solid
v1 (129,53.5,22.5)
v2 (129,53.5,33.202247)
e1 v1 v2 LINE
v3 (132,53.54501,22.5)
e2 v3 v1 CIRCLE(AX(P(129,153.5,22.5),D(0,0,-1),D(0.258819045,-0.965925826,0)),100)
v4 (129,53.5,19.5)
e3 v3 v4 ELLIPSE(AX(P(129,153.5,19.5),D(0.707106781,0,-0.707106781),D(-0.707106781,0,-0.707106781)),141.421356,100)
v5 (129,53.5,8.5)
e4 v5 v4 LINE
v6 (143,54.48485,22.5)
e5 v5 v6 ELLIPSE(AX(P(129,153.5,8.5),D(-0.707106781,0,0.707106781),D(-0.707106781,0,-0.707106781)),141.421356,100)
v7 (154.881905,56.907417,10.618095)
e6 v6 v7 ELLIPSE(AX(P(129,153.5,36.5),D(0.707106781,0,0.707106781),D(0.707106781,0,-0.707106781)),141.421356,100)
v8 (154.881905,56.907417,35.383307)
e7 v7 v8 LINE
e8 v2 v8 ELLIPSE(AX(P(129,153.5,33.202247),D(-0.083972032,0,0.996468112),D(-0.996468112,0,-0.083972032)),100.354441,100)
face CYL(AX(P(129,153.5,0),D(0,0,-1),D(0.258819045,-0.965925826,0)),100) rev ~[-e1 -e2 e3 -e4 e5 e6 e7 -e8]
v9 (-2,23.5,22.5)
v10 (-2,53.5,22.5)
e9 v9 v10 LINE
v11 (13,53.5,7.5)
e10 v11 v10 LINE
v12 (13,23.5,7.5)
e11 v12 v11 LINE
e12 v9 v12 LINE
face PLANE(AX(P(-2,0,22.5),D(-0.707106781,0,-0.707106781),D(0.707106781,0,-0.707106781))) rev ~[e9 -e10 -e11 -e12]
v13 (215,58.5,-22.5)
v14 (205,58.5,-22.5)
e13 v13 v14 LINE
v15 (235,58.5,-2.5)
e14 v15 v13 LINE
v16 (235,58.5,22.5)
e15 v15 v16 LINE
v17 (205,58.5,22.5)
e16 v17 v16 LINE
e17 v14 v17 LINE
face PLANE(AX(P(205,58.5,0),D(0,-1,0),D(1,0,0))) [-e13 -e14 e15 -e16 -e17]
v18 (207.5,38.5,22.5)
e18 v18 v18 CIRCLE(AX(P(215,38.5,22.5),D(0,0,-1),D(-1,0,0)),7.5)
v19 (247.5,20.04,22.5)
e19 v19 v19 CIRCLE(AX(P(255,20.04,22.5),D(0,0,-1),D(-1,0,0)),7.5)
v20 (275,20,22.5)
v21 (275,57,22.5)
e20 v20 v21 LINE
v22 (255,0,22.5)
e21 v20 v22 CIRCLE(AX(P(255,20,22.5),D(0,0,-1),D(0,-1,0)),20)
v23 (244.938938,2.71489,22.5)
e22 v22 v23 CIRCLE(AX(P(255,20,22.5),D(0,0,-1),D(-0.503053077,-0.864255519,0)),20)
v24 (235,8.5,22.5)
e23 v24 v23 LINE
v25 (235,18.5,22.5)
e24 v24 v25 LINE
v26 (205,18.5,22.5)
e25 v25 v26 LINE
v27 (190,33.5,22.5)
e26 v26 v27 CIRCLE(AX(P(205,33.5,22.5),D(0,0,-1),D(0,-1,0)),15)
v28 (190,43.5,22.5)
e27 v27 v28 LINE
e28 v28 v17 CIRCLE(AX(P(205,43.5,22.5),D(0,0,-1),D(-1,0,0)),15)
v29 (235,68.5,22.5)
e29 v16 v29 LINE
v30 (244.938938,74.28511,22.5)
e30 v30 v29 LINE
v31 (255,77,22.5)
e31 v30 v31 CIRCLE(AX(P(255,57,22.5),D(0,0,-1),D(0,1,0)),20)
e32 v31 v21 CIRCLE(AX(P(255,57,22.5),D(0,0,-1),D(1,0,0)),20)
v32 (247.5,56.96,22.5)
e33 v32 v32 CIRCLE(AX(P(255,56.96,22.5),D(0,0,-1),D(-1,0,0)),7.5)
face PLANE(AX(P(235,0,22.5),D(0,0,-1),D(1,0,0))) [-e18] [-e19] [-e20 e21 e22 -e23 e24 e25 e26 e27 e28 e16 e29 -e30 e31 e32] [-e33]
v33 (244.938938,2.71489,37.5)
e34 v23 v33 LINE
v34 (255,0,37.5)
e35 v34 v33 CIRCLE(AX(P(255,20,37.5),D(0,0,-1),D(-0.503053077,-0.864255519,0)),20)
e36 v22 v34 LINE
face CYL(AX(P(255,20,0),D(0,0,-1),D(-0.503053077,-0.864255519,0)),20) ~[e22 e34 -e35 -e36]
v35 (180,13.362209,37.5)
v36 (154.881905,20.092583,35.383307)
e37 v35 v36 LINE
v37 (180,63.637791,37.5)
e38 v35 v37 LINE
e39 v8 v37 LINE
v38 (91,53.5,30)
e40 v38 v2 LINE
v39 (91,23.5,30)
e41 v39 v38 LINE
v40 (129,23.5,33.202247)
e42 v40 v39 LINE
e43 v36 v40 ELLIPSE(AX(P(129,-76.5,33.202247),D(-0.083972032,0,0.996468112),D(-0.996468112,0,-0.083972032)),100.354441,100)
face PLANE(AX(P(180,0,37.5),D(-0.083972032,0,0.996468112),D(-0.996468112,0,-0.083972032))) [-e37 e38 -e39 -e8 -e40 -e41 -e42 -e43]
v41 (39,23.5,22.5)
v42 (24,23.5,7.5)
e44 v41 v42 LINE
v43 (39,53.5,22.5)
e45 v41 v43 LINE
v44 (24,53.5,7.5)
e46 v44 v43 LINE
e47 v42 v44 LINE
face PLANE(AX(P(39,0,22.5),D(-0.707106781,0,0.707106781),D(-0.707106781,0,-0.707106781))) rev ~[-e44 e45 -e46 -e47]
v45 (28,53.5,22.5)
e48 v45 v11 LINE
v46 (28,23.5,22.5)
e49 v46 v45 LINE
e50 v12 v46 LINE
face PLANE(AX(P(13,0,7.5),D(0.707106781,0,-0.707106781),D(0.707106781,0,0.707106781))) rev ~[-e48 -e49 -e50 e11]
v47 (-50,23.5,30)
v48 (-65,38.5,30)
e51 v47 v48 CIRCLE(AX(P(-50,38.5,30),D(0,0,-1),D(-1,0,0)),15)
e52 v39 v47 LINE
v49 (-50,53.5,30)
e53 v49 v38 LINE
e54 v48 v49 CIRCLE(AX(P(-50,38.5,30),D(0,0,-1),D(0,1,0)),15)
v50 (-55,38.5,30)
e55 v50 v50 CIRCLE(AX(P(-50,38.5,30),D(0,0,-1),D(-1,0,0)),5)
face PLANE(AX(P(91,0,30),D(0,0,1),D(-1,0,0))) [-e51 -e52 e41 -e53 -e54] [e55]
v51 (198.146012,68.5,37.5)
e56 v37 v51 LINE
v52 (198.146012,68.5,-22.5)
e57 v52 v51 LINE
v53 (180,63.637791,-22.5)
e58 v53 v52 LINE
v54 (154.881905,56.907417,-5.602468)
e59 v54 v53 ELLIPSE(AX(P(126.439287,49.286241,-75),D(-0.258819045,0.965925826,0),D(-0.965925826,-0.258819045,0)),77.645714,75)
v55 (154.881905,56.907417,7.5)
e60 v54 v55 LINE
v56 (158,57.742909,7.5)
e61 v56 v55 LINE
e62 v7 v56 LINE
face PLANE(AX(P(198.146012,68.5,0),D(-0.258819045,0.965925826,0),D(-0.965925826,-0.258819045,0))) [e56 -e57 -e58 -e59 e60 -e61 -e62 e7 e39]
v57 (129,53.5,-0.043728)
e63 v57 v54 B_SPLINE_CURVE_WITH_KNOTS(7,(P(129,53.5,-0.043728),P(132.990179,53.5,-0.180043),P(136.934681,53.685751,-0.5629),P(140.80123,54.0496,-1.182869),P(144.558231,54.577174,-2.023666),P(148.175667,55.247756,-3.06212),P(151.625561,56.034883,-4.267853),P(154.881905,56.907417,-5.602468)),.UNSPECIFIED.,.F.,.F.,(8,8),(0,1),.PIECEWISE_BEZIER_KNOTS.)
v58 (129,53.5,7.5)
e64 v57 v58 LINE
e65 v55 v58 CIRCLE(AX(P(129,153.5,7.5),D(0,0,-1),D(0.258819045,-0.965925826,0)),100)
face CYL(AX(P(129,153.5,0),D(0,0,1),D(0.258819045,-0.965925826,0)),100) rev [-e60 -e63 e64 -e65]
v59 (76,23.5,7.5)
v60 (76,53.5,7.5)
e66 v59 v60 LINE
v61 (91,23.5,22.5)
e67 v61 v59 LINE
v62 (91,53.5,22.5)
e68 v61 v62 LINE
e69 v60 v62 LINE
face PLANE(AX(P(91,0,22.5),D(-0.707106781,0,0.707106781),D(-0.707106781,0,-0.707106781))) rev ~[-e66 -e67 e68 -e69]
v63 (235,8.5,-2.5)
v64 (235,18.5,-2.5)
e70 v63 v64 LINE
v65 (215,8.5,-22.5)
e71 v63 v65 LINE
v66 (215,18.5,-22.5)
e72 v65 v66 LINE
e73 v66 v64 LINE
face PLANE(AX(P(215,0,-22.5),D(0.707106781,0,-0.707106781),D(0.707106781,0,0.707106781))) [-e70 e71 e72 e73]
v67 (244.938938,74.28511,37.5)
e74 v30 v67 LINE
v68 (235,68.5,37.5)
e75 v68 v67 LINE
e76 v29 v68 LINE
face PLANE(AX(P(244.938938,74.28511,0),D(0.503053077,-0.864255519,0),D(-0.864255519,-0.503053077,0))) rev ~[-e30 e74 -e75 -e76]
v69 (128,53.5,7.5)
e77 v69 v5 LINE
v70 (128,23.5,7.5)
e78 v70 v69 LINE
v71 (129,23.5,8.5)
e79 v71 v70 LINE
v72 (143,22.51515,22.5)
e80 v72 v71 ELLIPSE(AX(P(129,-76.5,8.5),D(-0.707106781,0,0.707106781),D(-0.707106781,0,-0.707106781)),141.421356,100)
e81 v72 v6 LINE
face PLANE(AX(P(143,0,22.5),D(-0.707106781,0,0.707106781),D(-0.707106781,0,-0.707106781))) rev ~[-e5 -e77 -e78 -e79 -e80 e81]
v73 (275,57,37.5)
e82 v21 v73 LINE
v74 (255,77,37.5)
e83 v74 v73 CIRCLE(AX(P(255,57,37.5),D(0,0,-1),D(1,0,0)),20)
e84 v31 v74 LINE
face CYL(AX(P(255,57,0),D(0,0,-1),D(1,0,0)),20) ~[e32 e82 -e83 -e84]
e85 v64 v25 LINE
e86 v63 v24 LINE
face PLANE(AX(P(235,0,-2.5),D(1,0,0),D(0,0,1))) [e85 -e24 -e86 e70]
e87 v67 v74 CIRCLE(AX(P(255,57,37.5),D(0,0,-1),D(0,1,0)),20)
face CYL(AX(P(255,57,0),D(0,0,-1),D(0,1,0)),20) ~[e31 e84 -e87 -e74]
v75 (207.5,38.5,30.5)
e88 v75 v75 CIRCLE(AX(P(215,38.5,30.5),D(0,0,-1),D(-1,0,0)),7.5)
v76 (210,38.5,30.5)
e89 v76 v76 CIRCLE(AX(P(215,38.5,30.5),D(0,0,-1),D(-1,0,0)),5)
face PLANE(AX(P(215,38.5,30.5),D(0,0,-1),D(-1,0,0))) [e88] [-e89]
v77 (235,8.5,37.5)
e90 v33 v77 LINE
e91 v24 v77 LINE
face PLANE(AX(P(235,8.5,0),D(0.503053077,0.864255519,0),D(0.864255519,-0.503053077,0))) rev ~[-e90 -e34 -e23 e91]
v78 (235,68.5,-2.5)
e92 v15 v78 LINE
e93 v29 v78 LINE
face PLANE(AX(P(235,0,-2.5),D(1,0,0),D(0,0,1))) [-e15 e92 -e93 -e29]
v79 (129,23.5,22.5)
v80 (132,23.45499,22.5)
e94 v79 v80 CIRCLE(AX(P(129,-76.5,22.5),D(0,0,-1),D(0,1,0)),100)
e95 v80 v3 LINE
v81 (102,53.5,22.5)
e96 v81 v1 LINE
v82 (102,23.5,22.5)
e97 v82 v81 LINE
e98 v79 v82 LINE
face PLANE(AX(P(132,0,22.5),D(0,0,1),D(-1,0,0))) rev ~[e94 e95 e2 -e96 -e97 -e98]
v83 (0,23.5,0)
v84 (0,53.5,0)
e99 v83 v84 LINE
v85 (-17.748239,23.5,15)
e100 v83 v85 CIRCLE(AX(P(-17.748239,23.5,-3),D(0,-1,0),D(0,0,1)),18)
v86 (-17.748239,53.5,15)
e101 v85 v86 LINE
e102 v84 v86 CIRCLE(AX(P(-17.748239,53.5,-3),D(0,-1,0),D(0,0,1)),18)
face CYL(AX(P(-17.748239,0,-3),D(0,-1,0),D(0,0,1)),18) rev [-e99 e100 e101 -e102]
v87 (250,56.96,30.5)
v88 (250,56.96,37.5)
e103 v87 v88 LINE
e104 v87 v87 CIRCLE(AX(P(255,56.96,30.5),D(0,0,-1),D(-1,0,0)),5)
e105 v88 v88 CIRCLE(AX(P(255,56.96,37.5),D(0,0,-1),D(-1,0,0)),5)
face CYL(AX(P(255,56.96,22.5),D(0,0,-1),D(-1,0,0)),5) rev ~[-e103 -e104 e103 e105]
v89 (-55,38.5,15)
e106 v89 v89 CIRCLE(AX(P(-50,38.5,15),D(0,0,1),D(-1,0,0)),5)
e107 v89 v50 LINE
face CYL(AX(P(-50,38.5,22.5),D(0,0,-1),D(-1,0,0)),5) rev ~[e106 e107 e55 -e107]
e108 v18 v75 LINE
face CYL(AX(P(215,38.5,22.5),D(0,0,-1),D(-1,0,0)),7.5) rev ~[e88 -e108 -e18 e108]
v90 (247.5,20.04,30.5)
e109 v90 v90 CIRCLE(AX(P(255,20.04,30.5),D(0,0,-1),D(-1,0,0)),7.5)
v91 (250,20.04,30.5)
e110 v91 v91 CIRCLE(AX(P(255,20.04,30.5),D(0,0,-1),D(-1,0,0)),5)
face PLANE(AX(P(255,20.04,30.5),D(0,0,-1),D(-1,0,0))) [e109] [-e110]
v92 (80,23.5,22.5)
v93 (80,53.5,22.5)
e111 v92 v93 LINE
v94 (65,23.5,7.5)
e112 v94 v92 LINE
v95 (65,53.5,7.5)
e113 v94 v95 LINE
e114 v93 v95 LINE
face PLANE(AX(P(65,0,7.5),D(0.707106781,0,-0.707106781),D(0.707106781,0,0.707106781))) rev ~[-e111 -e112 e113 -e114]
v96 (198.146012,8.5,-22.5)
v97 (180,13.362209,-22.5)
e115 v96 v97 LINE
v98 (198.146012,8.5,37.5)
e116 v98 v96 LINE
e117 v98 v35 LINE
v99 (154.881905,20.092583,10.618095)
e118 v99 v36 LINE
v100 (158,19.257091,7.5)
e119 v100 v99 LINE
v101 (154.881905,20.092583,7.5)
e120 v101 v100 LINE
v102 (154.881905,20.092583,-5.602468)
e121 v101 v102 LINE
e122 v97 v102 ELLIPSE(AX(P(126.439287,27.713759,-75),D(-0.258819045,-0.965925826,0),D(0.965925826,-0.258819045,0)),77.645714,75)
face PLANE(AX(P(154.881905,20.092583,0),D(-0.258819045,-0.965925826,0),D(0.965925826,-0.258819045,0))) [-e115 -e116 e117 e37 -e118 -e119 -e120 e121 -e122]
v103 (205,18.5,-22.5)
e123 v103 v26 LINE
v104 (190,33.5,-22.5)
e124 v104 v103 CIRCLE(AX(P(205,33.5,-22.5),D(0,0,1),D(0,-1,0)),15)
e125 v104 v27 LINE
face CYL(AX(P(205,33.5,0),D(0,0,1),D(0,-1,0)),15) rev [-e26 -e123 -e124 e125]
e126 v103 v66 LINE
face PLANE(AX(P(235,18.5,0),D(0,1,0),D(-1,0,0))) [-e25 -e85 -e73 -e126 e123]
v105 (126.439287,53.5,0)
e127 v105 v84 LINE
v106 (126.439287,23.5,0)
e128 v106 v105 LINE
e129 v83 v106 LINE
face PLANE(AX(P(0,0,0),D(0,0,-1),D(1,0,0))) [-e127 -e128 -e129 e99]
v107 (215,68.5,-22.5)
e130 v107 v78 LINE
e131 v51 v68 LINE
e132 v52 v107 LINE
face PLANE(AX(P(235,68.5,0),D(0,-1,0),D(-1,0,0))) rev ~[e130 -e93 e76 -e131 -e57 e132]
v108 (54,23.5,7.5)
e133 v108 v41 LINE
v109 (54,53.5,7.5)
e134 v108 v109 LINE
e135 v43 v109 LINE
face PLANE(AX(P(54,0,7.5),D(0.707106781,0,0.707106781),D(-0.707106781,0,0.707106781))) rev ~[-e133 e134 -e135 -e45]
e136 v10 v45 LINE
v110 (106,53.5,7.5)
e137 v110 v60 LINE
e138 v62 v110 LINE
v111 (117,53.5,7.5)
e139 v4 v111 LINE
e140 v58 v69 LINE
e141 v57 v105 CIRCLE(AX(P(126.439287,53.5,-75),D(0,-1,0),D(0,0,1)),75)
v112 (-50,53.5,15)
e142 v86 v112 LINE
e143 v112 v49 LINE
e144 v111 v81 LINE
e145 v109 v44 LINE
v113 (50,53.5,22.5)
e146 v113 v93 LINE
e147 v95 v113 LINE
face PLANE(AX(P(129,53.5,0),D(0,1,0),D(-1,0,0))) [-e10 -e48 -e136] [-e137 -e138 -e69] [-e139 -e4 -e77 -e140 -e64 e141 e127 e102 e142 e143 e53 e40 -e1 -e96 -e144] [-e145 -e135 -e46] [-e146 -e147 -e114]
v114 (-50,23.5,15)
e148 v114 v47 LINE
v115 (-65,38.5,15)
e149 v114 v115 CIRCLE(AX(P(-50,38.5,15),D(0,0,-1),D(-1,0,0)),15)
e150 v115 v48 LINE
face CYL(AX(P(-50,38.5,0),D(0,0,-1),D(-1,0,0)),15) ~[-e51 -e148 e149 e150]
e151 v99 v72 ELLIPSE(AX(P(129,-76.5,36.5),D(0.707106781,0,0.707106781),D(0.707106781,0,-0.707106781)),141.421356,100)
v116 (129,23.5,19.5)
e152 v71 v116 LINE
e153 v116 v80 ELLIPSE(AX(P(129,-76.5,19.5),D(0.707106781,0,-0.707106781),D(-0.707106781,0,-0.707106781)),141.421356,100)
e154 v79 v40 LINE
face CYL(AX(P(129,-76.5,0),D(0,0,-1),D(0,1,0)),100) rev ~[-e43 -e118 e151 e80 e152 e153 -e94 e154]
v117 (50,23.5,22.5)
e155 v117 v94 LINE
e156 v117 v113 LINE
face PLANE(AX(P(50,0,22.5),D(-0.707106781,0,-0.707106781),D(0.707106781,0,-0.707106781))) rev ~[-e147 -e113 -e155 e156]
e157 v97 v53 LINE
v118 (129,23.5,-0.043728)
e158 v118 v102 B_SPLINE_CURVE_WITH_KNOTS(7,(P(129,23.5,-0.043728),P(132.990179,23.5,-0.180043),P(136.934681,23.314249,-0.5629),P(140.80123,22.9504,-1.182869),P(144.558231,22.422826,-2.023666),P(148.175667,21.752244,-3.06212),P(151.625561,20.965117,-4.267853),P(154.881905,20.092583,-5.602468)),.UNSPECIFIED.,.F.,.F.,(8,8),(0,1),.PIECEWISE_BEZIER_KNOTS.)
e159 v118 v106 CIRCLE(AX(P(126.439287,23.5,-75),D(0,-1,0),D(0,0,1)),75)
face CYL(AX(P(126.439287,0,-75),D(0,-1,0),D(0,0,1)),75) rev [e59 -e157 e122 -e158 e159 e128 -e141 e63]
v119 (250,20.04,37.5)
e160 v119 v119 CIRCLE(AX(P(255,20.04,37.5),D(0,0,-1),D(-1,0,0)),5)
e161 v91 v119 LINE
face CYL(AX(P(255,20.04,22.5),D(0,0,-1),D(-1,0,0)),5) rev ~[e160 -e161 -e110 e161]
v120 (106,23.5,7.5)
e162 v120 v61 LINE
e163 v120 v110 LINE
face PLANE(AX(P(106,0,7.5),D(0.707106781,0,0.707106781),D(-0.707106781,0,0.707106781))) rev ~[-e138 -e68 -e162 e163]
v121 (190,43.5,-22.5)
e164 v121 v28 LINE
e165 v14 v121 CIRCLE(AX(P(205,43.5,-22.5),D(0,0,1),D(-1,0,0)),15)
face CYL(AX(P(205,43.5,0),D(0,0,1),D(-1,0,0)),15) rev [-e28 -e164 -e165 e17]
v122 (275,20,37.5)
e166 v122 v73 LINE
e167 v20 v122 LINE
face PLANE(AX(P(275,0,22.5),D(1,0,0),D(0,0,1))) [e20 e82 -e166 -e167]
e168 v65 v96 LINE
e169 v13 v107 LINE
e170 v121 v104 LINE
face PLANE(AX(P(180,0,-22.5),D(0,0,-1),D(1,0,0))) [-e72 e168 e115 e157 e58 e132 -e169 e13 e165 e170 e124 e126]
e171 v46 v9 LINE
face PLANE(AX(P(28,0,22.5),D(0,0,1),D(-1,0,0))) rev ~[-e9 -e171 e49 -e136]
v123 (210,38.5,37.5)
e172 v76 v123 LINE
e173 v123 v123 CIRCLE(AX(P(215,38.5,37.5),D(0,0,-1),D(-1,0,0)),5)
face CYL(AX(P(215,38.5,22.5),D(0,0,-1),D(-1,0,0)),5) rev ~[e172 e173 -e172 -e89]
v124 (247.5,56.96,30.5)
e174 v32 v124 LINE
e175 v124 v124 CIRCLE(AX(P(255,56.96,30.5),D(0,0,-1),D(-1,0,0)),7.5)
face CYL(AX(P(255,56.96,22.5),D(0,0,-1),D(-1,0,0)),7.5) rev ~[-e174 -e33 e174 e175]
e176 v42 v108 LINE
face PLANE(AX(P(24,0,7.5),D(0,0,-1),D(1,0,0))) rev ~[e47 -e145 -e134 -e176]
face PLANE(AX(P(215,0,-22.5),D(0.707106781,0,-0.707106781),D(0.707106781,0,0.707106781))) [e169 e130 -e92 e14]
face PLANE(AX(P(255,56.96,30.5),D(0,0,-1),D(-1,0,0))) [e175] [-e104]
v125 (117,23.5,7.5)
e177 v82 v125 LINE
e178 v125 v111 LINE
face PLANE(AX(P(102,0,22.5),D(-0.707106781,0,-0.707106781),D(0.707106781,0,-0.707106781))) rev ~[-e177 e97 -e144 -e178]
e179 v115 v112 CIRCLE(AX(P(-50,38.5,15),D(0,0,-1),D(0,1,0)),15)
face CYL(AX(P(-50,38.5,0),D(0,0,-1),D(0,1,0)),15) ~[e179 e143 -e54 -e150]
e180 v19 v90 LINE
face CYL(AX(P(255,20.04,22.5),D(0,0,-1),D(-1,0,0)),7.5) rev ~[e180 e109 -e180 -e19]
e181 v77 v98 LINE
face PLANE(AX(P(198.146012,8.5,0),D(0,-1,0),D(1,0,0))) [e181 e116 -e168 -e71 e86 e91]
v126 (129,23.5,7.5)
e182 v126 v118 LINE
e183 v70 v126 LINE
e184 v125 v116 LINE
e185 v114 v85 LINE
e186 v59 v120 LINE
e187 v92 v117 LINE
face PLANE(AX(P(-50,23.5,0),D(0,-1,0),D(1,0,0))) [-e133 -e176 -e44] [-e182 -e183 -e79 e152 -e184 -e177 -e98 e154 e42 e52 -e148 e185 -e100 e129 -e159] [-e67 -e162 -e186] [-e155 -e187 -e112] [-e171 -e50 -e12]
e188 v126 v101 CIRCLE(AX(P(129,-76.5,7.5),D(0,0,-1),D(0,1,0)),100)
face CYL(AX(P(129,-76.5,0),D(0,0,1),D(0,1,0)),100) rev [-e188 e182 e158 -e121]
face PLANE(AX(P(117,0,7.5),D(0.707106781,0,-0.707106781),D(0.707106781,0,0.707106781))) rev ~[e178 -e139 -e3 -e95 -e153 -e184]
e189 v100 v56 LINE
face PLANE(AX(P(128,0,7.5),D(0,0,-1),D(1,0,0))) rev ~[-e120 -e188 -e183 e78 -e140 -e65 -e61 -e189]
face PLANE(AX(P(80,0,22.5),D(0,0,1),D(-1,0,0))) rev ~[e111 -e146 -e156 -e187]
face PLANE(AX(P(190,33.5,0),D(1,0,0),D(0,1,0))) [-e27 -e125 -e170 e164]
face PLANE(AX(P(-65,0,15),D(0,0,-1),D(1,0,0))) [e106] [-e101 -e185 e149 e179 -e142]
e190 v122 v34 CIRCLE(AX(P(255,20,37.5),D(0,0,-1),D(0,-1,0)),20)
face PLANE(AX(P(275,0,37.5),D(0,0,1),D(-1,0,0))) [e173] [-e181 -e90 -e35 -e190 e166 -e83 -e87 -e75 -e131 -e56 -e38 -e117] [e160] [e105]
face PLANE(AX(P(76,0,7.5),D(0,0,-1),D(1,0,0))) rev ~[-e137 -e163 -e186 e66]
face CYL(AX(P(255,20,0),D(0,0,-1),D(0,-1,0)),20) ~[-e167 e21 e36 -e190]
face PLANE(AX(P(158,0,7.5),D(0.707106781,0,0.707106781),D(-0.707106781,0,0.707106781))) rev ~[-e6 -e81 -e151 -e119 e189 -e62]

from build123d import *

# Parameters (mm, degrees)
BOSS_EXTRUDE1_DEPTH     = 77
SKETCH2_W               = 126.439286786
SKETCH2_H               = 23.5
CUT_EXTRUDE1_DEPTH      = 23.5
CUT_EXTRUDE1_DEPTH_BACK = 38.5
CUT_EXTRUDE2_DEPTH      = 23.5000001
CUT_EXTRUDE2_DEPTH_BACK = 22.5
SKETCH3_R               = 5
CUT_EXTRUDE3_DEPTH      = 46.0000001
CUT_EXTRUDE3_DEPTH_BACK = 16
SKETCH4_R               = 7.5
SKETCH4_R_2             = 5
CUT_EXTRUDE4_DEPTH      = 8


with BuildPart() as part:
    # Sketch1 → Boss-Extrude1 (new body)
    with BuildSketch(Plane(origin=(0, 0, 0), x_dir=(1, 0, 0), z_dir=(0, 1, 0))):
        with BuildLine():
            Line((0, 0), (126.439286786, 0))
            ThreePointArc((126.439286786, 0), (155.486661882, 5.85341657), (180, 22.5))
            Line((180, 22.5), (215, 22.5))
            Line((215, 22.5), (235, 2.5))
            Line((235, 2.5), (235, -22.5))
            Line((235, -22.5), (275, -22.5))
            Line((275, -22.5), (275, -37.5))
            Line((275, -37.5), (180, -37.5))
            Line((180, -37.5), (91, -30))
            Line((91, -30), (-65, -30))
            Line((-65, -30), (-65, -15))
            Line((-65, -15), (-17.748239349, -15))
            ThreePointArc((-17.748239349, -15), (-6.129289311, -10.747727085), (0, 0))
        make_face()
        Polygon((-2, -22.5), (13, -7.5), (28, -22.5), align=None, mode=Mode.SUBTRACT)
        Polygon((50, -22.5), (65, -7.5), (80, -22.5), align=None, mode=Mode.SUBTRACT)
        Polygon((54, -7.5), (39, -22.5), (24, -7.5), align=None, mode=Mode.SUBTRACT)
        Polygon((106, -7.5), (91, -22.5), (76, -7.5), align=None, mode=Mode.SUBTRACT)
        Polygon((158, -7.5), (143, -22.5), (128, -7.5), align=None, mode=Mode.SUBTRACT)
        Polygon((102, -22.5), (117, -7.5), (132, -22.5), align=None, mode=Mode.SUBTRACT)
    extrude(amount=BOSS_EXTRUDE1_DEPTH)

    # Sketch2 → Cut-Extrude1 (cut, two sides)
    with BuildSketch(Plane(origin=(0, 0, 0), x_dir=(-1, 0, 0), z_dir=(0, 0, -1))) as cut_extrude1_sk:
        with Locations((-63.219643393, 11.75)):
            Rectangle(SKETCH2_W, SKETCH2_H)
        with BuildLine():
            Line((50, 23.5), (0, 23.5))
            Line((0, 23.5), (0, 0))
            Line((0, 0), (65, 0))
            Line((65, 0), (65, 38.5))
            ThreePointArc((65, 38.5), (60.606601718, 27.893398282), (50, 23.5))
        make_face()
        with BuildLine():
            Line((0, 77), (0, 53.5))
            Line((0, 53.5), (50, 53.5))
            ThreePointArc((50, 53.5), (60.606601718, 49.106601718), (65, 38.5))
            Line((65, 38.5), (65, 77))
            Line((65, 77), (0, 77))
        make_face()
        with Locations((-63.219643393, 65.25)):
            Rectangle(SKETCH2_W, SKETCH2_H)
        with BuildLine():
            ThreePointArc((-154.88190451, 56.907417371), (-142.052619222, 54.355513863), (-129, 53.5))
            Line((-129, 53.5), (-126.439286786, 53.5))
            Line((-126.439286786, 53.5), (-126.439286786, 77))
            Line((-126.439286786, 77), (-255, 77))
            ThreePointArc((-255, 77), (-249.789539733, 76.309352755), (-244.938938469, 74.28511038))
            Line((-244.938938469, 74.28511038), (-235, 68.5))
            Line((-235, 68.5), (-198.146011872, 68.5))
            Line((-198.146011872, 68.5), (-154.88190451, 56.907417371))
        make_face()
        with BuildLine():
            ThreePointArc((-129, 23.5), (-142.052619222, 22.644486137), (-154.88190451, 20.092582629))
            Line((-154.88190451, 20.092582629), (-198.146011872, 8.5))
            Line((-198.146011872, 8.5), (-235, 8.5))
            Line((-235, 8.5), (-244.938938469, 2.71488962))
            ThreePointArc((-244.938938469, 2.71488962), (-249.789539733, 0.690647245), (-255, 0))
            Line((-255, 0), (-126.439286786, 0))
            Line((-126.439286786, 0), (-126.439286786, 23.5))
            Line((-126.439286786, 23.5), (-129, 23.5))
        make_face()
        with BuildLine():
            Line((-275, 0), (-255, 0))
            ThreePointArc((-255, 0), (-269.142135624, 5.857864376), (-275, 20))
            Line((-275, 20), (-275, 0))
        make_face()
        with BuildLine():
            ThreePointArc((-275, 57), (-269.142135624, 71.142135624), (-255, 77))
            Line((-255, 77), (-275, 77))
            Line((-275, 77), (-275, 57))
        make_face()
    extrude(amount=CUT_EXTRUDE1_DEPTH, mode=Mode.SUBTRACT)
    extrude(cut_extrude1_sk.sketch, amount=-CUT_EXTRUDE1_DEPTH_BACK, mode=Mode.SUBTRACT)

    # Sketch2<3> → Cut-Extrude2 (cut, two sides)
    with BuildSketch(Plane(origin=(0, 0, 0), x_dir=(-1, 0, 0), z_dir=(0, 0, -1))) as cut_extrude2_sk:
        with BuildLine():
            Line((-244.938938469, 2.71488962), (-235, 8.5))
            Line((-235, 8.5), (-235, 18.5))
            Line((-235, 18.5), (-205, 18.5))
            ThreePointArc((-205, 18.5), (-194.393398282, 22.893398282), (-190, 33.5))
            Line((-190, 33.5), (-190, 43.5))
            ThreePointArc((-190, 43.5), (-194.393398282, 54.106601718), (-205, 58.5))
            Line((-205, 58.5), (-235, 58.5))
            Line((-235, 58.5), (-235, 68.5))
            Line((-235, 68.5), (-244.938938469, 74.28511038))
            ThreePointArc((-244.938938469, 74.28511038), (-237.661873939, 66.969422485), (-235, 57))
            Line((-235, 57), (-235, 20))
            ThreePointArc((-235, 20), (-237.661873939, 10.030577515), (-244.938938469, 2.71488962))
        make_face()
    extrude(amount=CUT_EXTRUDE2_DEPTH, mode=Mode.SUBTRACT)
    extrude(cut_extrude2_sk.sketch, amount=-CUT_EXTRUDE2_DEPTH_BACK, mode=Mode.SUBTRACT)

    # Sketch3 → Cut-Extrude3 (cut, two sides)
    with BuildSketch(Plane(origin=(0, 0, 22.5), x_dir=(-1, 0, 0), z_dir=(0, 0, -1))) as cut_extrude3_sk:
        with Locations((-215, 38.5)):
            Circle(SKETCH3_R)
        with Locations((-255, 20.04)):
            Circle(SKETCH3_R)
        with Locations((-255, 56.96)):
            Circle(SKETCH3_R)
        with Locations((50, 38.5)):
            Circle(SKETCH3_R)
    extrude(amount=CUT_EXTRUDE3_DEPTH, mode=Mode.SUBTRACT)
    extrude(cut_extrude3_sk.sketch, amount=-CUT_EXTRUDE3_DEPTH_BACK, mode=Mode.SUBTRACT)

    # Sketch4 → Cut-Extrude4 (cut)
    with BuildSketch(Plane(origin=(0, 0, 22.5), x_dir=(-1, 0, 0), z_dir=(0, 0, -1))):
        with Locations((-215, 38.5)):
            Circle(SKETCH4_R)
        with Locations((-215, 38.5)):
            Circle(SKETCH4_R_2, mode=Mode.SUBTRACT)
        with Locations((-255, 20.04)):
            Circle(SKETCH4_R)
        with Locations((-255, 20.04)):
            Circle(SKETCH4_R_2, mode=Mode.SUBTRACT)
        with Locations((-255, 56.96)):
            Circle(SKETCH4_R)
        with Locations((-255, 56.96)):
            Circle(SKETCH4_R_2, mode=Mode.SUBTRACT)
    extrude(amount=-CUT_EXTRUDE4_DEPTH, mode=Mode.SUBTRACT)


solid = part.part
